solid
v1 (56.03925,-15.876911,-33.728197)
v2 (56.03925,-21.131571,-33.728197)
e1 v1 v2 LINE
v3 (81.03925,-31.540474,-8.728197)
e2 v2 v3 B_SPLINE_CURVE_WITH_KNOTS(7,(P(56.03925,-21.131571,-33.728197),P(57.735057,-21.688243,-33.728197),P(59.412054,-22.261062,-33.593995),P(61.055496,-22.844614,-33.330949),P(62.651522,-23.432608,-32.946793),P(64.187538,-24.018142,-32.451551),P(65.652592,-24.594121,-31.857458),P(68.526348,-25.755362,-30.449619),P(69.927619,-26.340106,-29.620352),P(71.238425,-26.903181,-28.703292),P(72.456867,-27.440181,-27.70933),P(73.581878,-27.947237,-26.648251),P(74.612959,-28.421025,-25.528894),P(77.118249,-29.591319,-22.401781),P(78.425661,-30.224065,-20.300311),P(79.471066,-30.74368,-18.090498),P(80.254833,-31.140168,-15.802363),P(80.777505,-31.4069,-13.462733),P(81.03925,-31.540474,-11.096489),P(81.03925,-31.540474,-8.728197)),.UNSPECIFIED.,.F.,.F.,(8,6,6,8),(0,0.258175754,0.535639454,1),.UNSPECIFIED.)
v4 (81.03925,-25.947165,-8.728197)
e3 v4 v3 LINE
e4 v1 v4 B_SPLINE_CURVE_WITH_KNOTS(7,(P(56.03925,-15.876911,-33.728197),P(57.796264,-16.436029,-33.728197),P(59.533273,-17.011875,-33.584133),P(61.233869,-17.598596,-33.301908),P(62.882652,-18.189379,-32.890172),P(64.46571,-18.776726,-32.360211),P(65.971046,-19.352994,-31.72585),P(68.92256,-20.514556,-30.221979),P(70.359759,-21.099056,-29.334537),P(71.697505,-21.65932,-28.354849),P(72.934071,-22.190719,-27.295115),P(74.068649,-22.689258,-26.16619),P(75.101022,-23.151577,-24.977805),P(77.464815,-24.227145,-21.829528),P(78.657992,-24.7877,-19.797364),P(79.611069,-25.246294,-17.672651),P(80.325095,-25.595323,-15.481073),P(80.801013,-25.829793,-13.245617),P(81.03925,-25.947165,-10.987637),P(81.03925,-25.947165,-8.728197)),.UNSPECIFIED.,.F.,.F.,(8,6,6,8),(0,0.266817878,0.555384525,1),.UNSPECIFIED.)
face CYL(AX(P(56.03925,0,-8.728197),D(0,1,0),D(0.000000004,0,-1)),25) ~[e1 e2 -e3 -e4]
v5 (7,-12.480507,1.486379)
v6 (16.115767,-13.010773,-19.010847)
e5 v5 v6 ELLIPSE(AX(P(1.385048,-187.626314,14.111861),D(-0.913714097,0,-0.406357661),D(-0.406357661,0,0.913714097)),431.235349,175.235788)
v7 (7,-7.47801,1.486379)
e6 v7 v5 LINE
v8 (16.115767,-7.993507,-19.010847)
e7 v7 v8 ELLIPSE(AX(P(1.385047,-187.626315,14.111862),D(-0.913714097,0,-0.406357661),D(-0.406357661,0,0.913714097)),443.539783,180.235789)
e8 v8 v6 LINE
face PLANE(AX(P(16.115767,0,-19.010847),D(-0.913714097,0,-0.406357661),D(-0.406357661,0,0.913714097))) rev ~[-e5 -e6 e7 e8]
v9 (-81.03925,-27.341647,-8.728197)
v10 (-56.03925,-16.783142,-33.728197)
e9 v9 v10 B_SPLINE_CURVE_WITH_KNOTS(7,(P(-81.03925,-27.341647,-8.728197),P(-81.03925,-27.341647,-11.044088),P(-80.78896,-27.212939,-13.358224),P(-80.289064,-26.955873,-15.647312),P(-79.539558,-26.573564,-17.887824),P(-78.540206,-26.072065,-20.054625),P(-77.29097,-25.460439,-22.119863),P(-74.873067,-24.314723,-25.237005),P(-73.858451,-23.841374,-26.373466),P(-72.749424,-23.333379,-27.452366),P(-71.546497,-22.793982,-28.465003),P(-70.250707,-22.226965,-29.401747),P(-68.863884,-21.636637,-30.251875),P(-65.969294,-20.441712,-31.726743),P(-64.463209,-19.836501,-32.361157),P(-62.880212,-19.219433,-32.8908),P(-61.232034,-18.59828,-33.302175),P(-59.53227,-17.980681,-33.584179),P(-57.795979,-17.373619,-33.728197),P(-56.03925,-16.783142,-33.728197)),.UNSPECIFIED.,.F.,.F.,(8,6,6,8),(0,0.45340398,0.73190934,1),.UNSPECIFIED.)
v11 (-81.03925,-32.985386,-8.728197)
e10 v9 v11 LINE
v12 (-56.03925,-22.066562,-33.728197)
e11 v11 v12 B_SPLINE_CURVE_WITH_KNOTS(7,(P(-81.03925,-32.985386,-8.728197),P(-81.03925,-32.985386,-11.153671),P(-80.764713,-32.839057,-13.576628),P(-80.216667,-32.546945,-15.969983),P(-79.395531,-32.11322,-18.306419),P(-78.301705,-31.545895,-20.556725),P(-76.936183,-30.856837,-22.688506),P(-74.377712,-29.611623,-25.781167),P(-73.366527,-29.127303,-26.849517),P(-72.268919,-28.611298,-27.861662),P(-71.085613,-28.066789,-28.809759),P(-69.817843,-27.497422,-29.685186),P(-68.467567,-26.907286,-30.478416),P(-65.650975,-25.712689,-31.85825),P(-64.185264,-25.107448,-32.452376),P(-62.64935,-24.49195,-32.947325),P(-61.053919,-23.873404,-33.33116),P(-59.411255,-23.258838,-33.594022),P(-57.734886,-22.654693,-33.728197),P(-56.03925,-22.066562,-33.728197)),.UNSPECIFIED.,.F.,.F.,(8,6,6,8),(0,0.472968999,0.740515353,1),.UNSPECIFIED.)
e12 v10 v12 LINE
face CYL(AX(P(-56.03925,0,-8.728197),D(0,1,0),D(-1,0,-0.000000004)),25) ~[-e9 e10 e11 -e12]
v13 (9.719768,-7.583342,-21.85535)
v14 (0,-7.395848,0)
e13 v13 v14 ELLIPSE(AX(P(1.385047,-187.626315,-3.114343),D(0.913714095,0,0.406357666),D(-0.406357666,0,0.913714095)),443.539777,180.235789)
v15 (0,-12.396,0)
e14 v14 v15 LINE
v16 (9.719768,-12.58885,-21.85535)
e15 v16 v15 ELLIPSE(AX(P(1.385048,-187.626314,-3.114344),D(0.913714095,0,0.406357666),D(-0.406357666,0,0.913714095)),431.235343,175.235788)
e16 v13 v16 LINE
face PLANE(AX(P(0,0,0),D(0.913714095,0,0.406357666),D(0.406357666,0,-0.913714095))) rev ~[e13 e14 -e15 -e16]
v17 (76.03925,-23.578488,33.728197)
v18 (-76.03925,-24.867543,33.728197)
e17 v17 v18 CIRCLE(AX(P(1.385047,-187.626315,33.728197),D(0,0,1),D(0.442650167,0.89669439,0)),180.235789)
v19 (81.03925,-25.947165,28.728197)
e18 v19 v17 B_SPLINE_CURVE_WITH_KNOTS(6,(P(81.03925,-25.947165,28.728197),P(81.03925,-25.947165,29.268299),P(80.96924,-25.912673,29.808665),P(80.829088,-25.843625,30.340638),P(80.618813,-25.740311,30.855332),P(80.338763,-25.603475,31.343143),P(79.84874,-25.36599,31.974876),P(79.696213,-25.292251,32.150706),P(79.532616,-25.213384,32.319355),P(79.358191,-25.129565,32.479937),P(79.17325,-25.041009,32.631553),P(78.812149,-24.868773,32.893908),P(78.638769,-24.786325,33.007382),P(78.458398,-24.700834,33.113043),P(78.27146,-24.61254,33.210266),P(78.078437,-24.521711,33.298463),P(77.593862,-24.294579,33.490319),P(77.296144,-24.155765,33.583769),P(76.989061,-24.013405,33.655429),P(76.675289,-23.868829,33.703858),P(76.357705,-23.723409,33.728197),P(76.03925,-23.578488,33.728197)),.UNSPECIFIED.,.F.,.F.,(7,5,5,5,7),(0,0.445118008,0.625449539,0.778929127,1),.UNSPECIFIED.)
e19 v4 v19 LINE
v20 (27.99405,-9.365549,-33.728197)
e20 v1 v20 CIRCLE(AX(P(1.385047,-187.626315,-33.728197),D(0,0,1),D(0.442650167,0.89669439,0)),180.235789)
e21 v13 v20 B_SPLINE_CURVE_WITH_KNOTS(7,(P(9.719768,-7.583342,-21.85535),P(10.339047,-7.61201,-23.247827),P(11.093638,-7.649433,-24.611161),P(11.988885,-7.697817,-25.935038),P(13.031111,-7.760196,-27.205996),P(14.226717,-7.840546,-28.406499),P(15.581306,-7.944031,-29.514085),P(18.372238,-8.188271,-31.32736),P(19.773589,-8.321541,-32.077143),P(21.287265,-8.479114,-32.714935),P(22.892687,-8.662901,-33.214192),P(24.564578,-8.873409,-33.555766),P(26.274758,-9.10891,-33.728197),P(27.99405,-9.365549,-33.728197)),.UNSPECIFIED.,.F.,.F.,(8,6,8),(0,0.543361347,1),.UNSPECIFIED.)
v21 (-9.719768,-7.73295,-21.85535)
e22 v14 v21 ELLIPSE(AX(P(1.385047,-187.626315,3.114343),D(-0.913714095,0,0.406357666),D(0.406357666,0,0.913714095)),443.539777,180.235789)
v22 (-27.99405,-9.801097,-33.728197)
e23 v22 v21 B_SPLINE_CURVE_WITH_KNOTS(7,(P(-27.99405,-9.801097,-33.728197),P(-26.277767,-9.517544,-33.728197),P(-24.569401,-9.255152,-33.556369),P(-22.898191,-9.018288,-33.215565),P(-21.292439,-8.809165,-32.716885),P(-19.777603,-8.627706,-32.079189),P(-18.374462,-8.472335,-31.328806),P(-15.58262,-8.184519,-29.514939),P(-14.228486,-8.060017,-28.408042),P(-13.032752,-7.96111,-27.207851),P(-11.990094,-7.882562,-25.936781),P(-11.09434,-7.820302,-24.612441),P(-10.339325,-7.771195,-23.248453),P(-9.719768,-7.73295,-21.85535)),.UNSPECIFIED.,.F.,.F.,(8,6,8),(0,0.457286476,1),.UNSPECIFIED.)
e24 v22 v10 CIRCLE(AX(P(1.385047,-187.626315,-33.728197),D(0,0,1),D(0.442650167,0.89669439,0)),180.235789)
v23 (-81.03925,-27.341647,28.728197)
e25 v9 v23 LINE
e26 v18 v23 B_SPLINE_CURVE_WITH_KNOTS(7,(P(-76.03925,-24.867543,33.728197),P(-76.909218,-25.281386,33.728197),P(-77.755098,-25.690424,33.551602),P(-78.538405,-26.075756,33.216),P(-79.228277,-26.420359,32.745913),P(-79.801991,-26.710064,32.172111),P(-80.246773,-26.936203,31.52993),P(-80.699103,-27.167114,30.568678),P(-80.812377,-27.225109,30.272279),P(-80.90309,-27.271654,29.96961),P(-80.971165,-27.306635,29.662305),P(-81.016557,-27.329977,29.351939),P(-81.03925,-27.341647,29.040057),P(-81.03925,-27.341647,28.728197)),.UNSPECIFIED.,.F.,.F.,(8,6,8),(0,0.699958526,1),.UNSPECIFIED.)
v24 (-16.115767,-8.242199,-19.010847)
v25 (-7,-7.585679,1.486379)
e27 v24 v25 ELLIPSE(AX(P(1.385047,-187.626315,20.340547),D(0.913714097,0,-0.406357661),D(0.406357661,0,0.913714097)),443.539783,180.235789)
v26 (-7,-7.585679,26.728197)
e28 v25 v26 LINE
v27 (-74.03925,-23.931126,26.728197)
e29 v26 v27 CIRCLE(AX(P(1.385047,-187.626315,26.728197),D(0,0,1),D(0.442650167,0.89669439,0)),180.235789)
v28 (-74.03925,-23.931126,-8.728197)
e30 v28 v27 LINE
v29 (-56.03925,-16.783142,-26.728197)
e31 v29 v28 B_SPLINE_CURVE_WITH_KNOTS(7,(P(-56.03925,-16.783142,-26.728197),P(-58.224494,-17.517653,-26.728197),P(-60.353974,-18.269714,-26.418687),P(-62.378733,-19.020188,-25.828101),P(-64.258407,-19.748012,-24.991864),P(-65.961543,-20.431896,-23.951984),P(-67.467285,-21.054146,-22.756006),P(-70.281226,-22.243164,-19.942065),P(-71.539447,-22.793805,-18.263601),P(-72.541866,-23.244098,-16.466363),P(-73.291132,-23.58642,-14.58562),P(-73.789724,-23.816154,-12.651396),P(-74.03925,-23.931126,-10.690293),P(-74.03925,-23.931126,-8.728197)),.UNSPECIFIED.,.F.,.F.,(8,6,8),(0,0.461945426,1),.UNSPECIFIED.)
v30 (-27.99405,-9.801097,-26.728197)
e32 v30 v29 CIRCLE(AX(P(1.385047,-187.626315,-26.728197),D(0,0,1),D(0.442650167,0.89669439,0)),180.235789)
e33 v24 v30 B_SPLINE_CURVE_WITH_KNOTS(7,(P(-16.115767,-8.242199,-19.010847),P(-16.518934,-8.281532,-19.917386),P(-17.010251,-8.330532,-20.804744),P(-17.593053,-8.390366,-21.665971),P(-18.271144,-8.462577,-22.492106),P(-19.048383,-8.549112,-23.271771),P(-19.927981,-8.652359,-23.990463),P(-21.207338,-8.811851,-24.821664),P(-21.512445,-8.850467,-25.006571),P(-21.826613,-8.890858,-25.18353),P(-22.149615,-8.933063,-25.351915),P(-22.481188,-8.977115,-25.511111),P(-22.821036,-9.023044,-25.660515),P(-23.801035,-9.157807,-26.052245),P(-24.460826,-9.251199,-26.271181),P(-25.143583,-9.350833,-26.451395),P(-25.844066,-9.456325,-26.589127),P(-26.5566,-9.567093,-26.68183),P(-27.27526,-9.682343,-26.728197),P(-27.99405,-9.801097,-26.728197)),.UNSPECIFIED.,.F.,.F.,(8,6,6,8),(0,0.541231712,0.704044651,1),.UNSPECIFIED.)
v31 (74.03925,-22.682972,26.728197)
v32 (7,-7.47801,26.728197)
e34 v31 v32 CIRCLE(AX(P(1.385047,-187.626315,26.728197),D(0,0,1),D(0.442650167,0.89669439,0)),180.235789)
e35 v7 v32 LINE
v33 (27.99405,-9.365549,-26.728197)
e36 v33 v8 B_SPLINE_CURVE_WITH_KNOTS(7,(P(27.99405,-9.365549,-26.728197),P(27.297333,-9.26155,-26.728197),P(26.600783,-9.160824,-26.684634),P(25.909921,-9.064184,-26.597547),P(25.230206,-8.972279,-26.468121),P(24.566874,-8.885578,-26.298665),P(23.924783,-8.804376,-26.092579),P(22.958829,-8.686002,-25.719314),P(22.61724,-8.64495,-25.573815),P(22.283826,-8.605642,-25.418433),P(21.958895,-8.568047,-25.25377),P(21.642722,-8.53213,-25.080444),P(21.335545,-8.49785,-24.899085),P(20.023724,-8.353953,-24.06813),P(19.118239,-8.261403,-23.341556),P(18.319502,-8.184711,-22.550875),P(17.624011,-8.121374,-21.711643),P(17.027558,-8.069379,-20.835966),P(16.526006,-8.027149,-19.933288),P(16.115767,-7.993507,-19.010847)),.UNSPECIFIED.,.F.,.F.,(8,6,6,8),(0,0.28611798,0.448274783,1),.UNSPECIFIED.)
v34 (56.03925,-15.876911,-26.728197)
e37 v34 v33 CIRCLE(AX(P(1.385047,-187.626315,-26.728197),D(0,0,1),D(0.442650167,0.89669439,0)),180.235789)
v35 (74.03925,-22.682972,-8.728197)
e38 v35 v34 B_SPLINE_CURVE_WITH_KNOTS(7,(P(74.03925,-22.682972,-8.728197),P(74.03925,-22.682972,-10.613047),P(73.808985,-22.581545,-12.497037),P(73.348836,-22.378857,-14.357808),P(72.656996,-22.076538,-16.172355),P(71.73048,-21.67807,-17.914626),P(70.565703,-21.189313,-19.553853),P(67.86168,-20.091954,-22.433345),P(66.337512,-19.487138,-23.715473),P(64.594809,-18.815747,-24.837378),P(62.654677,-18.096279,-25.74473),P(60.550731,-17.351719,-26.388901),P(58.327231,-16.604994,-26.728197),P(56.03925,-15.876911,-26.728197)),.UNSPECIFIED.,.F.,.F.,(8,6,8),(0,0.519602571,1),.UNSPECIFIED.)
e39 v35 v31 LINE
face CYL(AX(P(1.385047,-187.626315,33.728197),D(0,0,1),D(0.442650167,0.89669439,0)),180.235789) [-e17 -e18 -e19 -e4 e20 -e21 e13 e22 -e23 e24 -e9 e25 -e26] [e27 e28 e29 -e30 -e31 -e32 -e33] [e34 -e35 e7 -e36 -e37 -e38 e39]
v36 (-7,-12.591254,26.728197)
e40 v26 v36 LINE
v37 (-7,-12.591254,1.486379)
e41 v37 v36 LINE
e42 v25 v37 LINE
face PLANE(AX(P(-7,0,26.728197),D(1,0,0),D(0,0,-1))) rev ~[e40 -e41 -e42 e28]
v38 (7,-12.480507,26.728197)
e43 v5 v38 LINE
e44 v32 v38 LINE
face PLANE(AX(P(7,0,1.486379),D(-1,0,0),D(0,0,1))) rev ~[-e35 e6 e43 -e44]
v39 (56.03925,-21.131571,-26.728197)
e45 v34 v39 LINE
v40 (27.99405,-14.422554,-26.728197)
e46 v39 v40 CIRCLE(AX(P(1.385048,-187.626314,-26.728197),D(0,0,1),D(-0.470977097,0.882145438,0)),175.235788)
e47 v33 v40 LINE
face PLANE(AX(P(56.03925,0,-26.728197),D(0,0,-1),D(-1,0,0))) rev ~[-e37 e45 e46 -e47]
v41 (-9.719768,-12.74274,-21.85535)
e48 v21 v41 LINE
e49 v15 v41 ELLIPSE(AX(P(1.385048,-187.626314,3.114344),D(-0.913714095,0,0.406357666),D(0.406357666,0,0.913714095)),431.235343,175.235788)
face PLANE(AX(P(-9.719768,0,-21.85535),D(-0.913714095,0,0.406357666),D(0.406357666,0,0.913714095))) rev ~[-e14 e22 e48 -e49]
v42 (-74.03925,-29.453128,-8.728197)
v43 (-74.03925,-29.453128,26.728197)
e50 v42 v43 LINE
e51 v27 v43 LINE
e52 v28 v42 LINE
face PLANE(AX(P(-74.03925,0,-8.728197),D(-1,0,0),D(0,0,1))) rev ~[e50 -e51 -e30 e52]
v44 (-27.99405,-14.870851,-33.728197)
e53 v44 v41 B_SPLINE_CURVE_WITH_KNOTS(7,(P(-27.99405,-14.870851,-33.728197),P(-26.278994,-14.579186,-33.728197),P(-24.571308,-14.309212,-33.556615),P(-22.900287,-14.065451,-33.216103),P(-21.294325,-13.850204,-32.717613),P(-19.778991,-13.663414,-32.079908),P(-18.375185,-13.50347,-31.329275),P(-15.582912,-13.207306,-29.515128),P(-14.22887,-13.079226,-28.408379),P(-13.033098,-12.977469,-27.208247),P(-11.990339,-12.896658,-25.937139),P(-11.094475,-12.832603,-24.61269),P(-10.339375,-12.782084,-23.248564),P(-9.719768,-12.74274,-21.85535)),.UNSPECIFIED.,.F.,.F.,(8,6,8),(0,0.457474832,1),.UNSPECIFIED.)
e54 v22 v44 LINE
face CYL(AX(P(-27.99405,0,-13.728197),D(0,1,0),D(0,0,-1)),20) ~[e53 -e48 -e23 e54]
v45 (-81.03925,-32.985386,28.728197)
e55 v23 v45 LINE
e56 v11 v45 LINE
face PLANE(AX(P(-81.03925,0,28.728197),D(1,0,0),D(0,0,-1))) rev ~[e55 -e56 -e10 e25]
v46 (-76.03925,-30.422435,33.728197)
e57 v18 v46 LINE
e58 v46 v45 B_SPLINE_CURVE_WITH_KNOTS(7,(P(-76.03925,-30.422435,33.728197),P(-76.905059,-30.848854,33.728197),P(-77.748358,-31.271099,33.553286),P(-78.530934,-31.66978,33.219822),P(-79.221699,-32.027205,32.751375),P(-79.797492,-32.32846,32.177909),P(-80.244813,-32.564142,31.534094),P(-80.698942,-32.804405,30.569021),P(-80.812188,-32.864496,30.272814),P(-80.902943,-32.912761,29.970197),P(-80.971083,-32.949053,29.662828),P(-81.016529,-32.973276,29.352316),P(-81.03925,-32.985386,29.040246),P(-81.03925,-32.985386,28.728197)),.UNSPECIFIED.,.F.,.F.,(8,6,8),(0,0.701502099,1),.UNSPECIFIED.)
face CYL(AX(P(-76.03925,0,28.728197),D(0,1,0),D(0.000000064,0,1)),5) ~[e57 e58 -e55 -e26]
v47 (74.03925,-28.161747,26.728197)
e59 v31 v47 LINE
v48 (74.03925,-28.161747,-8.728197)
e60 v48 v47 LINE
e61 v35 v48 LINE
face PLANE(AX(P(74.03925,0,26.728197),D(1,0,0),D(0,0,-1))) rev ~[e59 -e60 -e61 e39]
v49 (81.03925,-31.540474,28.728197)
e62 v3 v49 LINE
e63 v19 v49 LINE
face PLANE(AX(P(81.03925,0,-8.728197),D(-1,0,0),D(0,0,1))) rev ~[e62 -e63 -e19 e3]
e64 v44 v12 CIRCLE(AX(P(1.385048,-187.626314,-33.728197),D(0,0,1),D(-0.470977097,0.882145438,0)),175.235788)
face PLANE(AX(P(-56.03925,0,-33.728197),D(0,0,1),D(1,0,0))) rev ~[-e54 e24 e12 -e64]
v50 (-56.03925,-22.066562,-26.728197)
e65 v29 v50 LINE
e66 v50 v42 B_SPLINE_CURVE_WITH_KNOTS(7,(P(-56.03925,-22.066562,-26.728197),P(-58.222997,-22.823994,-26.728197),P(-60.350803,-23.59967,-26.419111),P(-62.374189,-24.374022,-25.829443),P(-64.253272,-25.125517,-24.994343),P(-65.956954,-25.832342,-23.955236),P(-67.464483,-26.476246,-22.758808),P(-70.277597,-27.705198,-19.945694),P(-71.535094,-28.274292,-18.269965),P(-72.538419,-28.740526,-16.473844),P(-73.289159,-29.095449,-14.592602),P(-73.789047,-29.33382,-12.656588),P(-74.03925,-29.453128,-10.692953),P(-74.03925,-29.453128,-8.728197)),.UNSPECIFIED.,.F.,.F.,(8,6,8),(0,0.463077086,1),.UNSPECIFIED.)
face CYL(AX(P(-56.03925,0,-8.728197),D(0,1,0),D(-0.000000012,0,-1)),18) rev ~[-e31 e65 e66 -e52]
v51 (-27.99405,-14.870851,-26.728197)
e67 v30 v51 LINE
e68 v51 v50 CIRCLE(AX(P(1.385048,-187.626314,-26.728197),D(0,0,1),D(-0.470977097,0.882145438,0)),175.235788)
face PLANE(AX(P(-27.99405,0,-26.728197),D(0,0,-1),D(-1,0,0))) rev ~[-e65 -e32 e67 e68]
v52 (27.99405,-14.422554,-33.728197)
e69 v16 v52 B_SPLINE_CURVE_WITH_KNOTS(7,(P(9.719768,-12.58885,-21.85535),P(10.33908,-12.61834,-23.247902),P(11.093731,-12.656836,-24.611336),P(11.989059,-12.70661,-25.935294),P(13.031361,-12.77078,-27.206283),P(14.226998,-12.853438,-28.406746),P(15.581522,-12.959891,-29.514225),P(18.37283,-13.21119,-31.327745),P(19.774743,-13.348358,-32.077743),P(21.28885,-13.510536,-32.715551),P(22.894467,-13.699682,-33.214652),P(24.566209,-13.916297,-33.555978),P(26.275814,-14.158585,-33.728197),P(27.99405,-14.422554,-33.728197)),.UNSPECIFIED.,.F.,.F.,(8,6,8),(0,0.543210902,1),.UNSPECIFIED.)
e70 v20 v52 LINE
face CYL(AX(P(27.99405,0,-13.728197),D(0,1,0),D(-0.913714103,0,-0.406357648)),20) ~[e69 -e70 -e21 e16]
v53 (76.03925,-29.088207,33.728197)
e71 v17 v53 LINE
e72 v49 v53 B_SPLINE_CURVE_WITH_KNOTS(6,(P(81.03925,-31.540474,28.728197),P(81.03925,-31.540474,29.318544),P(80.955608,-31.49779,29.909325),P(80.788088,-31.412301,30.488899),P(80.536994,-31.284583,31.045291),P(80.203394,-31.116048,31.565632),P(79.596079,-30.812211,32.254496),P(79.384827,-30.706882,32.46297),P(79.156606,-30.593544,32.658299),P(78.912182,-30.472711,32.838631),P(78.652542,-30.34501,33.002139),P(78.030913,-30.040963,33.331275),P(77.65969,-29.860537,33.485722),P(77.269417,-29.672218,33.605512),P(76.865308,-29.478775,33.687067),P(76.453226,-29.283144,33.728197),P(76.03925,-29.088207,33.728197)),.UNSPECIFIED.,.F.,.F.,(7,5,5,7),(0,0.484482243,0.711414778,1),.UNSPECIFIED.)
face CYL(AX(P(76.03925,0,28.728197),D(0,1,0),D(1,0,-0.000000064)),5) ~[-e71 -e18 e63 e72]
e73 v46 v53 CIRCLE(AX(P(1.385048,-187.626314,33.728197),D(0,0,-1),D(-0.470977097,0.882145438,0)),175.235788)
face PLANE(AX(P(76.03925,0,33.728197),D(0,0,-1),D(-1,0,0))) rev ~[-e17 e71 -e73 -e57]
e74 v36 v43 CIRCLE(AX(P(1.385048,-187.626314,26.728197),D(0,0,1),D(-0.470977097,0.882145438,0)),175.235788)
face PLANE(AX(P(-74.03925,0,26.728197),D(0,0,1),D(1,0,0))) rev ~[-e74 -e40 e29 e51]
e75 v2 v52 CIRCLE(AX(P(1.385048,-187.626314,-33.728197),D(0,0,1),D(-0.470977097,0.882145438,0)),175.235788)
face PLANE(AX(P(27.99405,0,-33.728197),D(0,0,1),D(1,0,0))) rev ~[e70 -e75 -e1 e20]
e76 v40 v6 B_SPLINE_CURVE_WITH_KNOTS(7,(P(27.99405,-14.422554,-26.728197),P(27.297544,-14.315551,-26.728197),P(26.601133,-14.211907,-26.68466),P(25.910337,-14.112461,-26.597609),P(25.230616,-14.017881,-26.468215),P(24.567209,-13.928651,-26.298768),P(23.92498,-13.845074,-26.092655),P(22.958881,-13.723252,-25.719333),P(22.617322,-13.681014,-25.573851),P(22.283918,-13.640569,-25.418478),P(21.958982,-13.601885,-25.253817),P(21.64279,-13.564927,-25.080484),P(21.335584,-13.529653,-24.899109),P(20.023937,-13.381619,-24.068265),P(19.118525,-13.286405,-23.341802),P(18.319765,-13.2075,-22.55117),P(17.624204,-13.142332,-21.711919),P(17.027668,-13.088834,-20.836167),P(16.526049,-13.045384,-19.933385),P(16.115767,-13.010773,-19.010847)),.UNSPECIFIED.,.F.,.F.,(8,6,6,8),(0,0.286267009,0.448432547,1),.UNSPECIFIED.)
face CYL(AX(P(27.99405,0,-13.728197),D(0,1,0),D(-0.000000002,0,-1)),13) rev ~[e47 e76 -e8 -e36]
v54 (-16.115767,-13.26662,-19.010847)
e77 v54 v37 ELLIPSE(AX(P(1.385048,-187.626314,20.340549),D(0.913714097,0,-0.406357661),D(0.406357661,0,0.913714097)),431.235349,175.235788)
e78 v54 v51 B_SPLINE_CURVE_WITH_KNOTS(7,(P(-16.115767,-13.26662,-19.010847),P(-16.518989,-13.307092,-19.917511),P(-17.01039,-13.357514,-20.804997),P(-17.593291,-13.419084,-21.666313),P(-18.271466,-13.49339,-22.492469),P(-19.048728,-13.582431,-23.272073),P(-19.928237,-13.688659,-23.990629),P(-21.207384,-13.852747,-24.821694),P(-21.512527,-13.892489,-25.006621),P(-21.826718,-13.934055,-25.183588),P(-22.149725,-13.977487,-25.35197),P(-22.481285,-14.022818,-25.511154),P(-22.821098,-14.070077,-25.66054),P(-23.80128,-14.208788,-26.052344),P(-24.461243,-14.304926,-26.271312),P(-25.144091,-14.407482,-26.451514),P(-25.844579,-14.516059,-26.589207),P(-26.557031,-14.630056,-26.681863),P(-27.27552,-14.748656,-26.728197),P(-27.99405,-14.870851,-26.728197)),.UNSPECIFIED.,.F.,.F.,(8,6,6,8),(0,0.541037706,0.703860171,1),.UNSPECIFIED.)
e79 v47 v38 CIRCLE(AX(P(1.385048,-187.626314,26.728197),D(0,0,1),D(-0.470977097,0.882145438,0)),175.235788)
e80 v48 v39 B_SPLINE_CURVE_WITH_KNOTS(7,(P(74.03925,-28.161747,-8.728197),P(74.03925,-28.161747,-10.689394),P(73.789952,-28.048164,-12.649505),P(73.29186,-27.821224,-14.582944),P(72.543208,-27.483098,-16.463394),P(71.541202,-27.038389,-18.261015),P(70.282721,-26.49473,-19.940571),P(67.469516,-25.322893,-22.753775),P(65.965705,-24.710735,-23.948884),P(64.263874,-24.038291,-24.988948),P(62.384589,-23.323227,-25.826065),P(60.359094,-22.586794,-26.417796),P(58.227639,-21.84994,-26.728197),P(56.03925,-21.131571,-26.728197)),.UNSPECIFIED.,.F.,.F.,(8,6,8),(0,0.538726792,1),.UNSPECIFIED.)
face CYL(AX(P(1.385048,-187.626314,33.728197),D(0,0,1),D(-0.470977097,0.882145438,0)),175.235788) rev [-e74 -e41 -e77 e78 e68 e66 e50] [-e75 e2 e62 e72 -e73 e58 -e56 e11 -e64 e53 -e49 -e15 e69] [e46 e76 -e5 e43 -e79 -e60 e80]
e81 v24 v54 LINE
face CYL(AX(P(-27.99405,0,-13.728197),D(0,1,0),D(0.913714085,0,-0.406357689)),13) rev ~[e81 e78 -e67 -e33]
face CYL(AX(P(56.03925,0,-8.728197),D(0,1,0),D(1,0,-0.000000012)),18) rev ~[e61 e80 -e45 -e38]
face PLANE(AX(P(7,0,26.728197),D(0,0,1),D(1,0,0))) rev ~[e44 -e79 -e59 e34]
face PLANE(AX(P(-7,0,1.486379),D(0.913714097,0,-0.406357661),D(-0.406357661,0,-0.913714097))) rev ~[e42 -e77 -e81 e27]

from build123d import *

# Parameters (mm, degrees)
F1_DEPTH = 50
F3_DEPTH = 100


with BuildPart() as f1:
    # F0 (on Front) → F1 (new body)
    with BuildSketch(Plane.XZ):
        with BuildLine():
            Line((-81.03925, 28.728197), (-81.03925, -8.728197))
            ThreePointArc((-81.03925, -8.728197), (-73.716919, -26.405867), (-56.03925, -33.728197))
            Line((-56.03925, -33.728197), (-27.99405, -33.728197))
            ThreePointArc((-27.99405, -33.728197), (-17.097791, -30.499349), (-9.719768, -21.85535))
            Line((-9.719768, -21.85535), (0, 0))
            Line((0, 0), (9.719768, -21.85535))
            ThreePointArc((9.719768, -21.85535), (17.097791, -30.499349), (27.99405, -33.728197))
            Line((27.99405, -33.728197), (56.03925, -33.728197))
            ThreePointArc((56.03925, -33.728197), (73.716919, -26.405867), (81.03925, -8.728197))
            Line((81.03925, -8.728197), (81.03925, 28.728197))
            ThreePointArc((81.03925, 28.728197), (79.574784, 32.263731), (76.03925, 33.728197))
            Line((76.03925, 33.728197), (0, 33.728197))
            Line((0, 33.728197), (-76.03925, 33.728197))
            ThreePointArc((-76.03925, 33.728197), (-79.574784, 32.263731), (-81.03925, 28.728197))
        make_face()
        with BuildLine():
            Line((-7, 26.728197), (-7, 1.486379))
            Line((-7, 1.486379), (-16.115767, -19.010847))
            ThreePointArc((-16.115767, -19.010847), (-20.911482, -24.629446), (-27.99405, -26.728197))
            Line((-27.99405, -26.728197), (-56.03925, -26.728197))
            ThreePointArc((-56.03925, -26.728197), (-68.767172, -21.456119), (-74.03925, -8.728197))
            Line((-74.03925, -8.728197), (-74.03925, 26.728197))
            Line((-74.03925, 26.728197), (-7, 26.728197))
        make_face(mode=Mode.SUBTRACT)
        with BuildLine():
            Line((7, 1.486379), (7, 26.728197))
            Line((7, 26.728197), (74.03925, 26.728197))
            Line((74.03925, 26.728197), (74.03925, -8.728197))
            ThreePointArc((74.03925, -8.728197), (68.767172, -21.456119), (56.03925, -26.728197))
            Line((56.03925, -26.728197), (27.99405, -26.728197))
            ThreePointArc((27.99405, -26.728197), (20.911482, -24.629446), (16.115767, -19.010847))
            Line((16.115767, -19.010847), (7, 1.486379))
        make_face(mode=Mode.SUBTRACT)
    extrude(amount=F1_DEPTH)

    # F2 (on face) → F3 (intersect)
    with BuildSketch(Plane.XY.offset(33.728197)):
        with BuildLine():
            Line((81.166449, -31.605452), (81.166449, -26.009894))
            ThreePointArc((81.166449, -26.009894), (-0.155274, -7.397108), (-81.146995, -27.397099))
            Line((-81.146995, -27.397099), (-81.146995, -33.042863))
            ThreePointArc((-81.146995, -33.042863), (-0.166739, -12.397397), (81.166449, -31.605452))
        make_face()
    extrude(amount=-F3_DEPTH, mode=Mode.INTERSECT)


solid = f1.part
